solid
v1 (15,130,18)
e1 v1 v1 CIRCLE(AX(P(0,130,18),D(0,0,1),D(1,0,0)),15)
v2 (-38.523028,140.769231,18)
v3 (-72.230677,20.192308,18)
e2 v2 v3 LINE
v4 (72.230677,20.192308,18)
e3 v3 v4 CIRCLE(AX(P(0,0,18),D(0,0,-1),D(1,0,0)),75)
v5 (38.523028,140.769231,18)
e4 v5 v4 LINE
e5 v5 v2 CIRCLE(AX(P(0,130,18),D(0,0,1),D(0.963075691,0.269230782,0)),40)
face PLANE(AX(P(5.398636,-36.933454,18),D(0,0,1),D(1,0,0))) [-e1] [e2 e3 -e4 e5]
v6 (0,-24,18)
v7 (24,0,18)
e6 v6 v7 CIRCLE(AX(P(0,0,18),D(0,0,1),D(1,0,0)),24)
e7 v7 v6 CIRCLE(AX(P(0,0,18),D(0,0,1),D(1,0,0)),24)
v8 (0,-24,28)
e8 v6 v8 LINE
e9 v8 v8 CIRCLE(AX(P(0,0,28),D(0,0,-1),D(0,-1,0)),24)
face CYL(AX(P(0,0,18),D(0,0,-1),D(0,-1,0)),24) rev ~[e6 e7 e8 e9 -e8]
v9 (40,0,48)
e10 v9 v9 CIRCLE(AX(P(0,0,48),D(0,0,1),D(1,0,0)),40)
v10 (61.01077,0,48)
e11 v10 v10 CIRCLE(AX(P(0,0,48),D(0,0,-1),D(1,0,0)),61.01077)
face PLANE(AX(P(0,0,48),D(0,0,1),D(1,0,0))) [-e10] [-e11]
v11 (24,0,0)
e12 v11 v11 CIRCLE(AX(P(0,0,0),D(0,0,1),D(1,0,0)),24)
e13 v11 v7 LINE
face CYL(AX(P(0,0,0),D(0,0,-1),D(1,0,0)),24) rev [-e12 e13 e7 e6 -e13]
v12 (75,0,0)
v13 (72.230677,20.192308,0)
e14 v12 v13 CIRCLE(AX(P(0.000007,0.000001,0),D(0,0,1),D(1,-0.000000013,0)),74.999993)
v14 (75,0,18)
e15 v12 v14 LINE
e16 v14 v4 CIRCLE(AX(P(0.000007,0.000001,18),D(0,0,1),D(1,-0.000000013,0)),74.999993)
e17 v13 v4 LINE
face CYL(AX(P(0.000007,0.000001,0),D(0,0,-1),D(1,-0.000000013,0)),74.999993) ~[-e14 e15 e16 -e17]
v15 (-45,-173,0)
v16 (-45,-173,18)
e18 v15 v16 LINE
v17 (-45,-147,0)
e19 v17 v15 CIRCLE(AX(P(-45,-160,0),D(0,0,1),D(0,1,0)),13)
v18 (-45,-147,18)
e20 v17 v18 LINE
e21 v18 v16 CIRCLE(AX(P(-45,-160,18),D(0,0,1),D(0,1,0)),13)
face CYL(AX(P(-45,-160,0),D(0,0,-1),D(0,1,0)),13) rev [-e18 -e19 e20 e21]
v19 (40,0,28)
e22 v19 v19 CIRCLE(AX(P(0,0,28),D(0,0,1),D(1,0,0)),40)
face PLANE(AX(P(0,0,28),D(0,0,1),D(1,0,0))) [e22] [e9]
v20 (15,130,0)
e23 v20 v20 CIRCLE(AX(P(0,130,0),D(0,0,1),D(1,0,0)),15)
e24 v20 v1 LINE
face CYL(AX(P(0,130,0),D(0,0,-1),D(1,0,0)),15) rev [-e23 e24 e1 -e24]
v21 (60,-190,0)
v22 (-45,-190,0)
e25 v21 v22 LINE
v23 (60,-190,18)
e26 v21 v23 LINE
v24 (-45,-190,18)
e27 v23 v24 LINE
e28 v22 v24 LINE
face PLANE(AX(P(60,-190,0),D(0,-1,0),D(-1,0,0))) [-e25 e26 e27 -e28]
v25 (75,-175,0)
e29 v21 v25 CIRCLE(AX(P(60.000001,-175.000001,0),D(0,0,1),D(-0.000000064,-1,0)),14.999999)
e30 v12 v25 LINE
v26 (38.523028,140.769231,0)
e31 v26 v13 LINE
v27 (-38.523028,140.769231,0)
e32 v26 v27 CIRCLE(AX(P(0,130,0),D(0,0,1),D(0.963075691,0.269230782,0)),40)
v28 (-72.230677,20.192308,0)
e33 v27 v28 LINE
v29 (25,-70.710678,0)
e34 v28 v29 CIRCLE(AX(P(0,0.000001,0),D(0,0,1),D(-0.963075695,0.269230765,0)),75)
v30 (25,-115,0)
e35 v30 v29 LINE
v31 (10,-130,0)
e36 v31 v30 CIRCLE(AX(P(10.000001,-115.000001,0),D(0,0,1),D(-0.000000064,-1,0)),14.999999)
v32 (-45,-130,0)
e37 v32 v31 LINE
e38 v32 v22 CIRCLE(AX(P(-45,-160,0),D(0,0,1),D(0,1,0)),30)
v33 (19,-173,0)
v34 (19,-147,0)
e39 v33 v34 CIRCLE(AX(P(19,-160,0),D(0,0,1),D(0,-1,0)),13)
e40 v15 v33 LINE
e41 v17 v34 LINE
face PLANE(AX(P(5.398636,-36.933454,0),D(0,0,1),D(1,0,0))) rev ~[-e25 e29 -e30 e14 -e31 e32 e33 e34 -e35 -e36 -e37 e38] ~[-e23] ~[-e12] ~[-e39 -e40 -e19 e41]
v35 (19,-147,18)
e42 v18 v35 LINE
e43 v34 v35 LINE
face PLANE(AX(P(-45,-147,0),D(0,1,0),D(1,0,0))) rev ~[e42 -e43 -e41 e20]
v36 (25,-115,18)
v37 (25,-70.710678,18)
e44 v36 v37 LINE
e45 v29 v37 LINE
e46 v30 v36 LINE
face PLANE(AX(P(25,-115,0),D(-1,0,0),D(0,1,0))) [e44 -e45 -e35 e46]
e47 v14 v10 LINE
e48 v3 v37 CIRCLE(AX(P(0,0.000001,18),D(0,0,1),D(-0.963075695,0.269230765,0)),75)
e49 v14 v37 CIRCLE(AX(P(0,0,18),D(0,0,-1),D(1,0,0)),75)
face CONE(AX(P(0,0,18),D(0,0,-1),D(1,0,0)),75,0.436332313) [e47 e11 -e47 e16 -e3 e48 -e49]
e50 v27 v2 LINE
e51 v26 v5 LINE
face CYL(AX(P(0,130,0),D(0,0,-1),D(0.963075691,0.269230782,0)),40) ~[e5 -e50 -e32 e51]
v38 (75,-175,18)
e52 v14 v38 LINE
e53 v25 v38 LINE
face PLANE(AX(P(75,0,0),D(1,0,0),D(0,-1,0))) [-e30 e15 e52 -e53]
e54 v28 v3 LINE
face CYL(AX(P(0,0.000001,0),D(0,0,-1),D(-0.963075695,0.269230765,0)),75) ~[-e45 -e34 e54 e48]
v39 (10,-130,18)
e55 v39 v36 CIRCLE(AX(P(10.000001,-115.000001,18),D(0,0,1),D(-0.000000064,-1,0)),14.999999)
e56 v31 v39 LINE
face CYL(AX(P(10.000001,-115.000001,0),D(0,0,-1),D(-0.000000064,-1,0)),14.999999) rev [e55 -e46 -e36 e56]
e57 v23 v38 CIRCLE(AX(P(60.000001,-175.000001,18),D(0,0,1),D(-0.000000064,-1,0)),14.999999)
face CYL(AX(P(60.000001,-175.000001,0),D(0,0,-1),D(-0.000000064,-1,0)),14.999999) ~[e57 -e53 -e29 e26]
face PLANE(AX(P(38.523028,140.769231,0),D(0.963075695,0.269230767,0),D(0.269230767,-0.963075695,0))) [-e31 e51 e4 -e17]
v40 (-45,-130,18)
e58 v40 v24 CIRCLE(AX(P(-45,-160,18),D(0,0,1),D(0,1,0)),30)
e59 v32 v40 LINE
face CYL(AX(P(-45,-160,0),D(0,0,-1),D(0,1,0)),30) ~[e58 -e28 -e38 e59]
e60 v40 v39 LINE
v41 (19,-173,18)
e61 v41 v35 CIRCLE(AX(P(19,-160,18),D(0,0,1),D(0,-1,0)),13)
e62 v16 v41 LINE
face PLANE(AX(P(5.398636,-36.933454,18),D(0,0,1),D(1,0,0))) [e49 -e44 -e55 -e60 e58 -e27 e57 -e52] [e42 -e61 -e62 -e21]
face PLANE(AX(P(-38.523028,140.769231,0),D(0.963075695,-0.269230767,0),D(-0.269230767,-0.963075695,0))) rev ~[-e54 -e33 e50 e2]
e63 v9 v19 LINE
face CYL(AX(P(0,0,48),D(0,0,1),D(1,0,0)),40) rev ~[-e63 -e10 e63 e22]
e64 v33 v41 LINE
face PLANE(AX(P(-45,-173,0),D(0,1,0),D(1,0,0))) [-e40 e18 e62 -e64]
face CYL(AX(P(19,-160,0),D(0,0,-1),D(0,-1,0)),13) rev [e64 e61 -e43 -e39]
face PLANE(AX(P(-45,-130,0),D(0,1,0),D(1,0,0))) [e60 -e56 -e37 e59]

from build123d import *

# Parameters (mm, degrees)
SKETCH_R        = 24
SKETCH_R_2      = 15
PAD_DEPTH       = 18
SKETCH001_R     = 75
PAD001_DEPTH    = 30
PAD001_TAPER    = 25
SKETCH002_R     = 40
POCKET_DEPTH    = 20
POCKET_FACE23_R = 24
POCKET001_DEPTH = 30.001


with BuildPart() as part:
    # Sketch → Pad (new body)
    with BuildSketch(Plane.XY):
        with BuildLine():
            ThreePointArc((-72.230677, 20.192308), (-51.220332, -54.785742), (25, -70.710678))
            Line((25, -115), (25, -70.710678))
            ThreePointArc((10, -130), (20.606602, -125.606602), (25, -115))
            Line((-45, -130), (10, -130))
            ThreePointArc((-45, -130), (-75, -160), (-45, -190))
            Line((60, -190), (-45, -190))
            ThreePointArc((60, -190), (70.606602, -185.606602), (75, -175))
            Line((75, 0), (75, -175))
            ThreePointArc((75, 0), (74.304444, 10.190663), (72.230677, 20.192308))
            Line((38.523028, 140.769231), (72.230677, 20.192308))
            ThreePointArc((38.523028, 140.769231), (0, 170), (-38.523028, 140.769231))
            Line((-38.523028, 140.769231), (-72.230677, 20.192308))
        make_face()
        Circle(SKETCH_R, mode=Mode.SUBTRACT)
        with Locations((0, 130)):
            Circle(SKETCH_R_2, mode=Mode.SUBTRACT)
        with BuildLine():
            ThreePointArc((-45, -147), (-58, -160), (-45, -173))
            Line((-45, -173), (19, -173))
            ThreePointArc((19, -173), (32, -160), (19, -147))
            Line((-45, -147), (19, -147))
        make_face(mode=Mode.SUBTRACT)
    extrude(amount=PAD_DEPTH)

    # Sketch001 (on Face20 of Pad) → Pad001 (join)
    with BuildSketch(Plane.XY.offset(18)):
        Circle(SKETCH001_R)
    extrude(amount=PAD001_DEPTH, taper=PAD001_TAPER)

    # Sketch002 (on Face24 of Pad001) → Pocket (cut)
    with BuildSketch(Plane.XY.offset(48)):
        Circle(SKETCH002_R)
    extrude(amount=-POCKET_DEPTH, mode=Mode.SUBTRACT)

    # Pocket Face23 → Pocket001 (cut, through all)
    with BuildSketch(Plane(origin=(0, 0, 18), x_dir=(0, -1, 0), z_dir=(0, 0, -1))):
        Circle(POCKET_FACE23_R)
    extrude(amount=-POCKET001_DEPTH, mode=Mode.SUBTRACT)


solid = part.part
